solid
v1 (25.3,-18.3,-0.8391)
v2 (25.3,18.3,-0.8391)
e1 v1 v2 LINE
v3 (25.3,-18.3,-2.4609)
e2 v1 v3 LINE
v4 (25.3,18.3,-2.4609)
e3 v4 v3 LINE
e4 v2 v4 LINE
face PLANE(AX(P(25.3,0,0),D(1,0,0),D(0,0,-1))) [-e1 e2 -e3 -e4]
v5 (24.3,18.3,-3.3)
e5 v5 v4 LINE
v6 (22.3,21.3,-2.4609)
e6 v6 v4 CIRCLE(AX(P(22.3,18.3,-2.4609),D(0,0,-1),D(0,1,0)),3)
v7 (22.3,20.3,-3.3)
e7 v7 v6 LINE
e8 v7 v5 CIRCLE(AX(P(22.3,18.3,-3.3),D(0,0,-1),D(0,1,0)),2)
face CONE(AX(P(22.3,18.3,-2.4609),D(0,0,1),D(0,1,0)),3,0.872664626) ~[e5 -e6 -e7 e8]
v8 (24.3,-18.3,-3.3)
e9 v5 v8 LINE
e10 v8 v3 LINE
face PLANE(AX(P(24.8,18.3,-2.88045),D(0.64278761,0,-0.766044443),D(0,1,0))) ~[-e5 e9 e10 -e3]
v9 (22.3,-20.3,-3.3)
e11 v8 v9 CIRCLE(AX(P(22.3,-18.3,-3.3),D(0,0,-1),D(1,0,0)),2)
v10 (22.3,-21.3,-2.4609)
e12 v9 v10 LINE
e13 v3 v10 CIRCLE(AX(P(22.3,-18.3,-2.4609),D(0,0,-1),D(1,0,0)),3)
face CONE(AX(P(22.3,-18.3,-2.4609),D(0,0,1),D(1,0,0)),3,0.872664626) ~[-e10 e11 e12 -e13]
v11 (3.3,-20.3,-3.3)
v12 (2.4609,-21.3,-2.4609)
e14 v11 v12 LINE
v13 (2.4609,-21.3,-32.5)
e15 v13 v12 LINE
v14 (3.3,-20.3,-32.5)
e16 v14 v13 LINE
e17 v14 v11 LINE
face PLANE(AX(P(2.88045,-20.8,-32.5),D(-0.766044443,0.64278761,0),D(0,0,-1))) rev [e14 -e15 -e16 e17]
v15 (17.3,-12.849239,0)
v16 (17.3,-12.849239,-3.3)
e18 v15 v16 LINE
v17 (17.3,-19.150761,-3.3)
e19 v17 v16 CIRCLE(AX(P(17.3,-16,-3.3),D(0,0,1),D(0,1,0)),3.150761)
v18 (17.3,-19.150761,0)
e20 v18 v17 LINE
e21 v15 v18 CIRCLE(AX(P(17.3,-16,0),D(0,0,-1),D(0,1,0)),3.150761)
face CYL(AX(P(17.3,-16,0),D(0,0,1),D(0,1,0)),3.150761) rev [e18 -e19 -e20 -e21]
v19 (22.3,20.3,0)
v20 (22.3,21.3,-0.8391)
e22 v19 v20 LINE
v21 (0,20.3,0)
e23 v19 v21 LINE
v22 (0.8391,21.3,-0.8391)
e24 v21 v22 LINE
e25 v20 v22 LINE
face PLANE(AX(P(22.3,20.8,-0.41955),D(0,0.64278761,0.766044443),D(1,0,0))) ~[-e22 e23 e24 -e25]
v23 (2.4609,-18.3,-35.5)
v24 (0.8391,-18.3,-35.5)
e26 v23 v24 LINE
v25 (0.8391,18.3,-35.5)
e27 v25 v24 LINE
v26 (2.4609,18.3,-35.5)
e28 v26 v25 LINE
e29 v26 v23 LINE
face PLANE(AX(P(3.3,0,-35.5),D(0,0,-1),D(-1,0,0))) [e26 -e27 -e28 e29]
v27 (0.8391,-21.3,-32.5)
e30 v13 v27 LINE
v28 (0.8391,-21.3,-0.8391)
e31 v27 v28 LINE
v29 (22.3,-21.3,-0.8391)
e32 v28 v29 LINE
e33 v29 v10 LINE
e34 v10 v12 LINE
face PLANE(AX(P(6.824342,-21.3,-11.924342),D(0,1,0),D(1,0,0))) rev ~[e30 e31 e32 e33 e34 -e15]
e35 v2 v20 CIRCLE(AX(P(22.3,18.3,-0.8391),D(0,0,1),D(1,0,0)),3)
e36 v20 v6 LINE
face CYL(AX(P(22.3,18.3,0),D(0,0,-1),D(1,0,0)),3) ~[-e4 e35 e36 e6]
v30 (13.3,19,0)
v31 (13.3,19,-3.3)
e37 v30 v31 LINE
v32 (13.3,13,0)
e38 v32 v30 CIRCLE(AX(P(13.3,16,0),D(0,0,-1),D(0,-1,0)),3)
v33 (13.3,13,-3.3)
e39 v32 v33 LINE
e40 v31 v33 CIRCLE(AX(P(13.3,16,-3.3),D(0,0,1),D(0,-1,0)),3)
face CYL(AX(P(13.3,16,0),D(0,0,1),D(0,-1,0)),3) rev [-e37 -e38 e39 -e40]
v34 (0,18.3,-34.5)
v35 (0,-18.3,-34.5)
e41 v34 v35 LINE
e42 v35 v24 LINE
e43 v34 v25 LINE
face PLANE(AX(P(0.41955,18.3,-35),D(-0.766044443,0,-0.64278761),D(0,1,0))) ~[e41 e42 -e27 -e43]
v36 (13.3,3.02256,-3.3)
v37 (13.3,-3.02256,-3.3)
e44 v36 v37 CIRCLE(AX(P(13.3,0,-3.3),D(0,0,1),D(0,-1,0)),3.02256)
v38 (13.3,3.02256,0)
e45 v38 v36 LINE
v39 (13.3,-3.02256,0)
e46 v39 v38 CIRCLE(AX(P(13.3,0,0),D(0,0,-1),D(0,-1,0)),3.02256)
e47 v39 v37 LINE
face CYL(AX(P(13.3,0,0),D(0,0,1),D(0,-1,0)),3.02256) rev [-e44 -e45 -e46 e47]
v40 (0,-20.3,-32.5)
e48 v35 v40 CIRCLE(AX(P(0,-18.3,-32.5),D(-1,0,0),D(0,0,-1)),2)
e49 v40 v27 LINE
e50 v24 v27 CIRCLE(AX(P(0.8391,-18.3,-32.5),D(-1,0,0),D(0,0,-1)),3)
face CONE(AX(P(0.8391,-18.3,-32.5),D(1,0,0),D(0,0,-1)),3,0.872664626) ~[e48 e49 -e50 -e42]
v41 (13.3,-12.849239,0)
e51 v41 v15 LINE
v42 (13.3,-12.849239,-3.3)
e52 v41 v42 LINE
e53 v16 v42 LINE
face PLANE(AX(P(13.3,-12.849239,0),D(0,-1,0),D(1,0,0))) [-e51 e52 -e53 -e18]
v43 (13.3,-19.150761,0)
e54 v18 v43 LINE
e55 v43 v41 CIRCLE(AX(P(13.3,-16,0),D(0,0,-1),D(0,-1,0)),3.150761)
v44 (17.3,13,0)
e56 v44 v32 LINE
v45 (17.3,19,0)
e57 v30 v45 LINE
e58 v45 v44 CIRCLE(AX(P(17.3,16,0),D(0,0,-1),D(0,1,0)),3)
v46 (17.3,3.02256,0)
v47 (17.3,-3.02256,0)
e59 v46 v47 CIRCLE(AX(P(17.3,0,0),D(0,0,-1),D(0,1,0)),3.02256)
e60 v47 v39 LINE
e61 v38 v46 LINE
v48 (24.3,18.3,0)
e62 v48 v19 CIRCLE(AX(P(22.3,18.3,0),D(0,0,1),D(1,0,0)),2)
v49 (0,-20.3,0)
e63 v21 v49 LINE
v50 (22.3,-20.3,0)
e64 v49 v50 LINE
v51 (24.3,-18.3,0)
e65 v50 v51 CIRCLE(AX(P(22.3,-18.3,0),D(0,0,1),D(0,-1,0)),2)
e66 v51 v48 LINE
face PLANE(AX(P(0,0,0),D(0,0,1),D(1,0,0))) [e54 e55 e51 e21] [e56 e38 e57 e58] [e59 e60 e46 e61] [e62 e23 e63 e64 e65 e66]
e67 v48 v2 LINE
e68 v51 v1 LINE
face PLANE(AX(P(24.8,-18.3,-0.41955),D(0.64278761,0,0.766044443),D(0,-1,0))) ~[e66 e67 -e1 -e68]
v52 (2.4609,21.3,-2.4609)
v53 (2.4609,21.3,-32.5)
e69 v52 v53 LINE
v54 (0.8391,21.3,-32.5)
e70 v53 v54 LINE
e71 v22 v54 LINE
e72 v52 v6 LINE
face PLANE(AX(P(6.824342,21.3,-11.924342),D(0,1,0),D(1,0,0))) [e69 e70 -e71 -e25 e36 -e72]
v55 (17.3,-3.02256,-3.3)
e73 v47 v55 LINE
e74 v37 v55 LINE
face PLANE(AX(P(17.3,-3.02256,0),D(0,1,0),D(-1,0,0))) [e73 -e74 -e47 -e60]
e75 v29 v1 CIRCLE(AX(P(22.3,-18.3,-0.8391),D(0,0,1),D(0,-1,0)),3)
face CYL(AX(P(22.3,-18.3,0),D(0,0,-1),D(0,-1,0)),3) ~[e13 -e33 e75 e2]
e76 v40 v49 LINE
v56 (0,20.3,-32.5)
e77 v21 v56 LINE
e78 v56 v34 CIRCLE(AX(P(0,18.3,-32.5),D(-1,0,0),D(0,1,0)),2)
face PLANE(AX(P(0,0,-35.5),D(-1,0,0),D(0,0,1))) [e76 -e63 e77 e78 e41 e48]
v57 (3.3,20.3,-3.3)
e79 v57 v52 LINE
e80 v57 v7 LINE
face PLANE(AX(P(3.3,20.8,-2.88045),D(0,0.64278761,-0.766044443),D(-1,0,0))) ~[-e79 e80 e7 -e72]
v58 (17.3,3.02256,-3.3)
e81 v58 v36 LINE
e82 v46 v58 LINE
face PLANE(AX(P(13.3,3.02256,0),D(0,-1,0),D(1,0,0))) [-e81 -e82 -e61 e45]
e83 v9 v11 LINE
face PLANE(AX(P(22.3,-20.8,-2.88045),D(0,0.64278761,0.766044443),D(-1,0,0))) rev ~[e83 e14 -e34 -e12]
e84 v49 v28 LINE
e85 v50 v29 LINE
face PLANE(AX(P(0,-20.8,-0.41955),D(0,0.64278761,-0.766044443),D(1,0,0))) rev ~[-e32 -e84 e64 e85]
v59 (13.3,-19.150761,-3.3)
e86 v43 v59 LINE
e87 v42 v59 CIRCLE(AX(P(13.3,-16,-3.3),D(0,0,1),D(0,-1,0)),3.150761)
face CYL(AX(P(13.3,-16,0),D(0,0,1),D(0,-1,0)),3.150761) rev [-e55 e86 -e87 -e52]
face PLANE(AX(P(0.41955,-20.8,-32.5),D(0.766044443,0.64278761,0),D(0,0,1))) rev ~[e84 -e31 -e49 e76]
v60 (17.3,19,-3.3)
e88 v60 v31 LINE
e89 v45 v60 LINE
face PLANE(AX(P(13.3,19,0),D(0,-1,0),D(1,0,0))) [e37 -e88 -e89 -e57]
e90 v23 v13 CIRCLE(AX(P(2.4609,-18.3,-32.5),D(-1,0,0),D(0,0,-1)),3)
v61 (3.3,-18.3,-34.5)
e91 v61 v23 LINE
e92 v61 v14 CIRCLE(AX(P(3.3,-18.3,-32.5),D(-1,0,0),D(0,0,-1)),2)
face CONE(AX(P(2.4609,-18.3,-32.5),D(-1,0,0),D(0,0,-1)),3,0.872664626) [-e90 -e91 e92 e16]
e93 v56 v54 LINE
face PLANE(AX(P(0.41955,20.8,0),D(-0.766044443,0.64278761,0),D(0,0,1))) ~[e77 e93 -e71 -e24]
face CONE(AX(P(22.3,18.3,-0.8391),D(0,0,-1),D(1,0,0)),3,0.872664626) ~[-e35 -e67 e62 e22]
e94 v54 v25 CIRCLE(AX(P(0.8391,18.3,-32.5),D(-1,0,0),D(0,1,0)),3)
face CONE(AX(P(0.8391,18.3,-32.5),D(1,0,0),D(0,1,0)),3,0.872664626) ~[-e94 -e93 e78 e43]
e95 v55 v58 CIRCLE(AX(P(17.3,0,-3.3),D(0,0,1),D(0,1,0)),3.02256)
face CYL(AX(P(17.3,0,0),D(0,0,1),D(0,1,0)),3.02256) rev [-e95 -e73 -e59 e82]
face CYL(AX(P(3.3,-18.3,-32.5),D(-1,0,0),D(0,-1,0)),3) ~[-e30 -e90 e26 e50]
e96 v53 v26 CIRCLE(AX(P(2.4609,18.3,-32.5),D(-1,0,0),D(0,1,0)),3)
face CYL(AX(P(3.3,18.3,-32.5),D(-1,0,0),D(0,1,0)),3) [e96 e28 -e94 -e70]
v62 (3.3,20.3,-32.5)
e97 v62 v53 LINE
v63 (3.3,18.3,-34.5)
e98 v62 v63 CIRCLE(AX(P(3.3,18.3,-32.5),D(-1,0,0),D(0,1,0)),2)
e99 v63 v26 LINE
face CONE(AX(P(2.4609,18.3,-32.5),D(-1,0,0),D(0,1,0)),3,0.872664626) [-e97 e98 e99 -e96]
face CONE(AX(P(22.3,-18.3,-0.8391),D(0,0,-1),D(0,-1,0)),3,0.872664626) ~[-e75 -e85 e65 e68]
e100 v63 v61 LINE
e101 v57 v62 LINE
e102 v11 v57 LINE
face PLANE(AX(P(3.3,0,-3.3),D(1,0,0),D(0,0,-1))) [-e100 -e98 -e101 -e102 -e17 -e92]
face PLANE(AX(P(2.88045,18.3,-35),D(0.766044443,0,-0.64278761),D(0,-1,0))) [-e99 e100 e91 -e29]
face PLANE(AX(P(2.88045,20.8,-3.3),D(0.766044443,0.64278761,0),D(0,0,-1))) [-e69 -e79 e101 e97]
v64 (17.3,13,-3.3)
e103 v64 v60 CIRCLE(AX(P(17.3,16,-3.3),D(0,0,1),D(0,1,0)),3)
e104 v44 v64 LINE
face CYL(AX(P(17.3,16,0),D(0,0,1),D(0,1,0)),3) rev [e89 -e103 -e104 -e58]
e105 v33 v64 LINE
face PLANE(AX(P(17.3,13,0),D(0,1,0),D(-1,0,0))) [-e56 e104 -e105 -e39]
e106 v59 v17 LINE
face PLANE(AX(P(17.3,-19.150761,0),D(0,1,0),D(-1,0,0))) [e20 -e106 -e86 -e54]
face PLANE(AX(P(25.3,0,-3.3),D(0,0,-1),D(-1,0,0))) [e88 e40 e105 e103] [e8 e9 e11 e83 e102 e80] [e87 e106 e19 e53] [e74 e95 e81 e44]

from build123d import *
from OCP.BRepFilletAPI import BRepFilletAPI_MakeChamfer

# Parameters (mm, degrees)
EXTRUDE_1_DEPTH     = 21.3
CUT_EXTRUDE_1_DEPTH = 42.6
FILLET_1_R          = 3
CHAMFER_1_SIZE      = 1
CHAMFER_1_SIZE2     = 0.839099631


with BuildPart() as part:
    # Эскиз1 → Бобышка-Вытянуть1 (new, symmetric)
    with BuildSketch(Plane(origin=(0, 0, 0), x_dir=(1, 0, 0), z_dir=(0, 1, 0))):
        Polygon((0, 0), (25.3, 0), (25.3, 3.3), (3.3, 3.3), (3.3, 35.5), (0, 35.5), align=None)
    extrude(amount=EXTRUDE_1_DEPTH, both=True)

    # Эскиз2 → Вырез-Вытянуть1 (cut)
    with BuildSketch(Plane.XY):
        with BuildLine():
            Line((17.3, 13), (13.3, 13))
            ThreePointArc((13.3, 13), (10.3, 16), (13.3, 19))
            Line((13.3, 19), (17.3, 19))
            ThreePointArc((17.3, 19), (20.3, 16), (17.3, 13))
        make_face()
        with BuildLine():
            Line((17.3, -3.022560491), (13.3, -3.022560491))
            ThreePointArc((13.3, -3.022560491), (10.277439509, 0), (13.3, 3.022560491))
            Line((13.3, 3.022560491), (17.3, 3.022560491))
            ThreePointArc((17.3, 3.022560491), (20.322560491, 0), (17.3, -3.022560491))
        make_face()
        with BuildLine():
            Line((17.3, -19.150761356), (13.3, -19.150761356))
            ThreePointArc((13.3, -19.150761356), (10.149238644, -16), (13.3, -12.849238644))
            Line((13.3, -12.849238644), (17.3, -12.849238644))
            ThreePointArc((17.3, -12.849238644), (20.450761356, -16), (17.3, -19.150761356))
        make_face()
    extrude(amount=-CUT_EXTRUDE_1_DEPTH, mode=Mode.SUBTRACT)

    # Скругление1
    fillet_1_edges = [part.edges().sort_by_distance(p)[0] for p in [
        (25.3, 21.3, -1.65),
        (1.65, 21.3, -35.5),
        (1.65, -21.3, -35.5),
        (25.3, -21.3, -1.65),
    ]]
    fillet(fillet_1_edges, radius=FILLET_1_R)

    # Фаска1: one chamfer whose edges measure the first distance from different faces: ONE call of the kernel's chamfer builder (chamfer() names one face for all edges)
    chamfer_1_edges_1 = [part.edges().sort_by_distance(p)[0] for p in [
        (24.421320344, -20.421320344, 0),
        (11.15, -21.3, 0),
        (11.15, 21.3, 0),
        (25.3, 0, 0),
        (24.421320344, 20.421320344, 0),
    ]]
    chamfer_1_side_1 = [part.faces().sort_by_distance(p)[0] for p in [
        (11.15, -20.804535571, 0),
    ]]
    chamfer_1_edges_2 = [part.edges().sort_by_distance(p)[0] for p in [
        (3.3, 21.3, -17.9),
        (3.3, -21.3, -17.9),
        (3.3, 0, -35.5),
        (3.3, 20.421320344, -34.621320344),
        (3.3, -20.421320344, -34.621320344),
    ]]
    chamfer_1_side_2 = [part.faces().sort_by_distance(p)[0] for p in [
        (3.3, 0, -19.356425923),
    ]]
    chamfer_1_edges_3 = [part.edges().sort_by_distance(p)[0] for p in [
        (0, 0, -35.5),
        (0, -21.3, -16.25),
        (0, 21.3, -16.25),
        (0, 20.421320344, -34.621320344),
        (0, -20.421320344, -34.621320344),
    ]]
    chamfer_1_side_3 = [part.faces().sort_by_distance(p)[0] for p in [
        (0, 0, -17.706261494),
    ]]
    chamfer_1_edges_4 = [part.edges().sort_by_distance(p)[0] for p in [
        (12.8, -21.3, -3.3),
        (12.8, 21.3, -3.3),
        (25.3, 0, -3.3),
        (24.421320344, 20.421320344, -3.3),
        (24.421320344, -20.421320344, -3.3),
    ]]
    chamfer_1_side_4 = [part.faces().sort_by_distance(p)[0] for p in [
        (24.820546144, 0, -3.3),
    ]]
    chamfer_1 = BRepFilletAPI_MakeChamfer(part.part.solid().wrapped)
    for e in chamfer_1_edges_1:
        chamfer_1.Add(CHAMFER_1_SIZE, CHAMFER_1_SIZE2, e.wrapped, chamfer_1_side_1[0].wrapped)  # the first distance lies on this face
    for e in chamfer_1_edges_2:
        chamfer_1.Add(CHAMFER_1_SIZE, CHAMFER_1_SIZE2, e.wrapped, chamfer_1_side_2[0].wrapped)  # the first distance lies on this face
    for e in chamfer_1_edges_3:
        chamfer_1.Add(CHAMFER_1_SIZE, CHAMFER_1_SIZE2, e.wrapped, chamfer_1_side_3[0].wrapped)  # the first distance lies on this face
    for e in chamfer_1_edges_4:
        chamfer_1.Add(CHAMFER_1_SIZE, CHAMFER_1_SIZE2, e.wrapped, chamfer_1_side_4[0].wrapped)  # the first distance lies on this face
    add(Compound.cast(chamfer_1.Shape()), mode=Mode.REPLACE)


solid = part.part
